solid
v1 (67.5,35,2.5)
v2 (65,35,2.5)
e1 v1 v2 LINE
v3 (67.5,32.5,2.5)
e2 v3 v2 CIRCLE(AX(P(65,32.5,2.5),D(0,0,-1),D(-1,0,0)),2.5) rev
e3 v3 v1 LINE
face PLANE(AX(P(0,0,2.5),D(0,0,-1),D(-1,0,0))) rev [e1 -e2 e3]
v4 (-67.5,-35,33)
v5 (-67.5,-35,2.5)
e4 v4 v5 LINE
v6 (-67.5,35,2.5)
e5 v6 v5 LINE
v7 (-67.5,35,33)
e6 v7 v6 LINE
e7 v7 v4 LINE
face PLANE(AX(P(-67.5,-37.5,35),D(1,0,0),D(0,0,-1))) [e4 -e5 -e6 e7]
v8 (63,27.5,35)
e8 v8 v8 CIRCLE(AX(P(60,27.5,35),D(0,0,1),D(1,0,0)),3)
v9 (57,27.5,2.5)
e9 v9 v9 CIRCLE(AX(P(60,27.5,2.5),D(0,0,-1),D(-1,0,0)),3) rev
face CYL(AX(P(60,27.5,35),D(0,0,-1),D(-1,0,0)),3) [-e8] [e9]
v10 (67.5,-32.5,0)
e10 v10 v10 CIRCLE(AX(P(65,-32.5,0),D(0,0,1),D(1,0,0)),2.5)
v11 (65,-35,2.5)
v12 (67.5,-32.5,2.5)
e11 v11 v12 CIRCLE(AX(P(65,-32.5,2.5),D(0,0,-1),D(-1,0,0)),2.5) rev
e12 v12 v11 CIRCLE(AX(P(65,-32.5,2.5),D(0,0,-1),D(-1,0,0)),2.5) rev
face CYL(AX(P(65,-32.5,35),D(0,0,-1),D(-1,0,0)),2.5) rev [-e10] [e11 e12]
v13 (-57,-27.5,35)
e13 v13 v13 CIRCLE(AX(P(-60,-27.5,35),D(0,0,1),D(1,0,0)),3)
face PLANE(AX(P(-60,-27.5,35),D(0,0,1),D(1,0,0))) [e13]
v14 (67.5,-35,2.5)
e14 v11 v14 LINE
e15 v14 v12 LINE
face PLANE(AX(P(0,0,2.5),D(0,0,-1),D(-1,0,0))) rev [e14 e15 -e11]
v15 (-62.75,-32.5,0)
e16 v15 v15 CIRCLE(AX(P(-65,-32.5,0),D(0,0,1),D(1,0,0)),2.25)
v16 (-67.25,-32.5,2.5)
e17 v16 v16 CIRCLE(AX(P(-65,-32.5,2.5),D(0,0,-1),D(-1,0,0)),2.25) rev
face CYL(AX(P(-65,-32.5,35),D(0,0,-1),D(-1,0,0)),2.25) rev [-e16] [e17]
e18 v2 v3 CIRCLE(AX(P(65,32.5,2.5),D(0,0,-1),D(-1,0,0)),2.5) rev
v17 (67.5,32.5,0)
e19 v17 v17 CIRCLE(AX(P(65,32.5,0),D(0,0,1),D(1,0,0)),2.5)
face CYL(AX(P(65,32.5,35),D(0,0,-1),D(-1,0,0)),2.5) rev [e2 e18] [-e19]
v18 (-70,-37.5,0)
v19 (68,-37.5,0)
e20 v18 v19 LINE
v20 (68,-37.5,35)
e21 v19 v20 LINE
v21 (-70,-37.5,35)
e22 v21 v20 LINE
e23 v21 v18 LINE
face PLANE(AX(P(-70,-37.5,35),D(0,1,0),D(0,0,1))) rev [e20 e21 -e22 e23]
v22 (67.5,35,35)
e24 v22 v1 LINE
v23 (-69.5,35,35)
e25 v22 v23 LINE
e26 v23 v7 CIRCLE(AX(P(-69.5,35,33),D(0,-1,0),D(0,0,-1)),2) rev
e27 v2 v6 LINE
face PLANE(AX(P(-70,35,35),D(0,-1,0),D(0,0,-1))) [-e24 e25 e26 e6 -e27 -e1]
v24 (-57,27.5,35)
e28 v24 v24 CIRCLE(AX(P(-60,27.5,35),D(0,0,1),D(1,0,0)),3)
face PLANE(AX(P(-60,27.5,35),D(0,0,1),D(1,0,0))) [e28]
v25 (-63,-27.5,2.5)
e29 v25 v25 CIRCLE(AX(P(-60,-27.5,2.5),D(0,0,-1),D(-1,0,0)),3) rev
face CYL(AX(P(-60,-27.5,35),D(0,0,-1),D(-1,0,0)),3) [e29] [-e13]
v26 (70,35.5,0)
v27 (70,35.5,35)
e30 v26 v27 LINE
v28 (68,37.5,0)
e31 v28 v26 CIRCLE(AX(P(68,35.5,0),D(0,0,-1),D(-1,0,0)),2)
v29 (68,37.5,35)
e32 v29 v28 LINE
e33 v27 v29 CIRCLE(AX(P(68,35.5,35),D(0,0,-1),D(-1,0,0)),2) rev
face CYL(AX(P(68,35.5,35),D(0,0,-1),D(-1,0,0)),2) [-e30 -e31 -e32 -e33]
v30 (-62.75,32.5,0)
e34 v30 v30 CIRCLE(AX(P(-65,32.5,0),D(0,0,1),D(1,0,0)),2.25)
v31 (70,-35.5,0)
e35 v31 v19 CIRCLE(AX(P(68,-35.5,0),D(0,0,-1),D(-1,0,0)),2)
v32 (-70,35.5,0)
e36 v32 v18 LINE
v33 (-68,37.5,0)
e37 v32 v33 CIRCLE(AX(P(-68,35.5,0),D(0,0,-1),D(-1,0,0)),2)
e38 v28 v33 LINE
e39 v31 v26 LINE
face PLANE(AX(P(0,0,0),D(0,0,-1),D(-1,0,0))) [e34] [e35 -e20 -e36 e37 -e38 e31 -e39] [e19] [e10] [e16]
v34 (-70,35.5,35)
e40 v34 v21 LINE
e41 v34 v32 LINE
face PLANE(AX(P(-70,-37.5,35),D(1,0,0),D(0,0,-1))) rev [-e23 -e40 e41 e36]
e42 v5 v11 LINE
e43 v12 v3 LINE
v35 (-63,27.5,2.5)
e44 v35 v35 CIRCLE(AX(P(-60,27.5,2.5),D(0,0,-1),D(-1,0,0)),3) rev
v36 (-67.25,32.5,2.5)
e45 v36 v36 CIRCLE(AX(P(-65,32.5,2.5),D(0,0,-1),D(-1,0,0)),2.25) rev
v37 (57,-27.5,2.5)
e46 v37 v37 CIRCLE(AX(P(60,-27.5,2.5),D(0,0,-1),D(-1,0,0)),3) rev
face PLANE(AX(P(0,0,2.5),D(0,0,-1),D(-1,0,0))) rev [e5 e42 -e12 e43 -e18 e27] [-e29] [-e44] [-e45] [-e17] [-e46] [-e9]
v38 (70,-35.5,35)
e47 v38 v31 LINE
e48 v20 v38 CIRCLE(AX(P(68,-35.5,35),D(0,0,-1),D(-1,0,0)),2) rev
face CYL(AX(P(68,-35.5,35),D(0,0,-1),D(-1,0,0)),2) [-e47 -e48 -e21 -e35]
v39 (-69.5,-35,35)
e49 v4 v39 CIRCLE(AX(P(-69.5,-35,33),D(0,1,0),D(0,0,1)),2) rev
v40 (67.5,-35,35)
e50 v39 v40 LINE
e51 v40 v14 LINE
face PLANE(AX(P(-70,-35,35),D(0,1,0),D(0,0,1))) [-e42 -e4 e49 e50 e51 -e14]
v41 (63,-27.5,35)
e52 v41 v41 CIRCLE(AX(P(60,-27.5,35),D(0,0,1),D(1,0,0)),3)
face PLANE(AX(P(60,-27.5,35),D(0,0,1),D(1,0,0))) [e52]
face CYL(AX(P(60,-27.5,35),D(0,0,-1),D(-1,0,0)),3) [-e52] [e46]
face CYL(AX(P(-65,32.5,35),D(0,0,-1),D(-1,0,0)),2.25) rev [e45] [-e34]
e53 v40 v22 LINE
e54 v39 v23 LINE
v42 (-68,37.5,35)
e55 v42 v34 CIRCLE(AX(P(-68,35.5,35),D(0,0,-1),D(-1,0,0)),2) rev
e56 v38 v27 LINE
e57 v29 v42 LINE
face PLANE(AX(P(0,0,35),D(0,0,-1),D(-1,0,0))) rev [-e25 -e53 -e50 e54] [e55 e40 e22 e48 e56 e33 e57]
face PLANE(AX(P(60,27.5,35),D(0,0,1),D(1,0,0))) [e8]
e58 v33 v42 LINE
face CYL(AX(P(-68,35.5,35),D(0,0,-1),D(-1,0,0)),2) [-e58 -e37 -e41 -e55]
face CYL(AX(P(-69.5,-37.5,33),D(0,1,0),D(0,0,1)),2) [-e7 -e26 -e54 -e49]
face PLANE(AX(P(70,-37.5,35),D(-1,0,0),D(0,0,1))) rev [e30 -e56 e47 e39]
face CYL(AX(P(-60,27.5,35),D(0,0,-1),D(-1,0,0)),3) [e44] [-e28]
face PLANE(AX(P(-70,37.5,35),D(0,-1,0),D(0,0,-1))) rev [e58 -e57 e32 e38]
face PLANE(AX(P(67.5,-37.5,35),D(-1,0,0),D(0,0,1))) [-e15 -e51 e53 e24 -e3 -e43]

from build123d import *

# Parameters (mm, degrees)
SKETCH1_W           = 140
SKETCH1_H           = 75
BOSS_EXTRUDE1_DEPTH = 35
SHELL1_T            = -2.5
SKETCH2_R           = 3
BOSS_EXTRUDE2_DEPTH = 32.5
SKETCH3_R           = 2.25
SKETCH3_R_2         = 2.5
CUT_EXTRUDE1_DEPTH  = 35
FILLET1_R           = 2


with BuildPart() as part:
    # Sketch1 → Boss-Extrude1 (new body)
    with BuildSketch(Plane.XY):
        Rectangle(SKETCH1_W, SKETCH1_H)
    extrude(amount=BOSS_EXTRUDE1_DEPTH)

    # Shell1
    shell1_openings = [part.faces().sort_by_distance(p)[0] for p in [
        (0, 0, 35),
    ]]
    offset(amount=SHELL1_T, openings=shell1_openings, kind=Kind.INTERSECTION)

    # Sketch2 → Boss-Extrude2 (add)
    with BuildSketch(Plane.XY.offset(2.5)):
        with Locations(Location((-60, -27.5, 0), (0, 0, 180))):
            Circle(SKETCH2_R)
        with Locations(Location((60, -27.5, 0), (0, 0, 180))):
            Circle(SKETCH2_R)
        with Locations(Location((-60, 27.5, 0), (0, 0, 180))):
            Circle(SKETCH2_R)
        with Locations(Location((60, 27.5, 0), (0, 0, 180))):
            Circle(SKETCH2_R)
    extrude(amount=BOSS_EXTRUDE2_DEPTH)

    # Sketch3 → Cut-Extrude1 (cut)
    with BuildSketch(Plane.XY):
        with Locations(Location((-65, -32.5, 0), (0, 0, 180))):
            Circle(SKETCH3_R)
        with Locations((65, -32.5)):
            Circle(SKETCH3_R_2)
        with Locations(Location((-65, 32.5, 0), (0, 0, 180))):
            Circle(SKETCH3_R)
        with Locations((65, 32.5)):
            Circle(SKETCH3_R_2)
    extrude(amount=CUT_EXTRUDE1_DEPTH, mode=Mode.SUBTRACT)

    # Fillet1
    fillet1_edges = [part.edges().sort_by_distance(p)[0] for p in [
        (-67.5, 0, 35),
        (70, -37.5, 17.5),
        (-70, 37.5, 17.5),
        (70, 37.5, 17.5),
    ]]
    fillet(fillet1_edges, radius=FILLET1_R)


solid = part.part
